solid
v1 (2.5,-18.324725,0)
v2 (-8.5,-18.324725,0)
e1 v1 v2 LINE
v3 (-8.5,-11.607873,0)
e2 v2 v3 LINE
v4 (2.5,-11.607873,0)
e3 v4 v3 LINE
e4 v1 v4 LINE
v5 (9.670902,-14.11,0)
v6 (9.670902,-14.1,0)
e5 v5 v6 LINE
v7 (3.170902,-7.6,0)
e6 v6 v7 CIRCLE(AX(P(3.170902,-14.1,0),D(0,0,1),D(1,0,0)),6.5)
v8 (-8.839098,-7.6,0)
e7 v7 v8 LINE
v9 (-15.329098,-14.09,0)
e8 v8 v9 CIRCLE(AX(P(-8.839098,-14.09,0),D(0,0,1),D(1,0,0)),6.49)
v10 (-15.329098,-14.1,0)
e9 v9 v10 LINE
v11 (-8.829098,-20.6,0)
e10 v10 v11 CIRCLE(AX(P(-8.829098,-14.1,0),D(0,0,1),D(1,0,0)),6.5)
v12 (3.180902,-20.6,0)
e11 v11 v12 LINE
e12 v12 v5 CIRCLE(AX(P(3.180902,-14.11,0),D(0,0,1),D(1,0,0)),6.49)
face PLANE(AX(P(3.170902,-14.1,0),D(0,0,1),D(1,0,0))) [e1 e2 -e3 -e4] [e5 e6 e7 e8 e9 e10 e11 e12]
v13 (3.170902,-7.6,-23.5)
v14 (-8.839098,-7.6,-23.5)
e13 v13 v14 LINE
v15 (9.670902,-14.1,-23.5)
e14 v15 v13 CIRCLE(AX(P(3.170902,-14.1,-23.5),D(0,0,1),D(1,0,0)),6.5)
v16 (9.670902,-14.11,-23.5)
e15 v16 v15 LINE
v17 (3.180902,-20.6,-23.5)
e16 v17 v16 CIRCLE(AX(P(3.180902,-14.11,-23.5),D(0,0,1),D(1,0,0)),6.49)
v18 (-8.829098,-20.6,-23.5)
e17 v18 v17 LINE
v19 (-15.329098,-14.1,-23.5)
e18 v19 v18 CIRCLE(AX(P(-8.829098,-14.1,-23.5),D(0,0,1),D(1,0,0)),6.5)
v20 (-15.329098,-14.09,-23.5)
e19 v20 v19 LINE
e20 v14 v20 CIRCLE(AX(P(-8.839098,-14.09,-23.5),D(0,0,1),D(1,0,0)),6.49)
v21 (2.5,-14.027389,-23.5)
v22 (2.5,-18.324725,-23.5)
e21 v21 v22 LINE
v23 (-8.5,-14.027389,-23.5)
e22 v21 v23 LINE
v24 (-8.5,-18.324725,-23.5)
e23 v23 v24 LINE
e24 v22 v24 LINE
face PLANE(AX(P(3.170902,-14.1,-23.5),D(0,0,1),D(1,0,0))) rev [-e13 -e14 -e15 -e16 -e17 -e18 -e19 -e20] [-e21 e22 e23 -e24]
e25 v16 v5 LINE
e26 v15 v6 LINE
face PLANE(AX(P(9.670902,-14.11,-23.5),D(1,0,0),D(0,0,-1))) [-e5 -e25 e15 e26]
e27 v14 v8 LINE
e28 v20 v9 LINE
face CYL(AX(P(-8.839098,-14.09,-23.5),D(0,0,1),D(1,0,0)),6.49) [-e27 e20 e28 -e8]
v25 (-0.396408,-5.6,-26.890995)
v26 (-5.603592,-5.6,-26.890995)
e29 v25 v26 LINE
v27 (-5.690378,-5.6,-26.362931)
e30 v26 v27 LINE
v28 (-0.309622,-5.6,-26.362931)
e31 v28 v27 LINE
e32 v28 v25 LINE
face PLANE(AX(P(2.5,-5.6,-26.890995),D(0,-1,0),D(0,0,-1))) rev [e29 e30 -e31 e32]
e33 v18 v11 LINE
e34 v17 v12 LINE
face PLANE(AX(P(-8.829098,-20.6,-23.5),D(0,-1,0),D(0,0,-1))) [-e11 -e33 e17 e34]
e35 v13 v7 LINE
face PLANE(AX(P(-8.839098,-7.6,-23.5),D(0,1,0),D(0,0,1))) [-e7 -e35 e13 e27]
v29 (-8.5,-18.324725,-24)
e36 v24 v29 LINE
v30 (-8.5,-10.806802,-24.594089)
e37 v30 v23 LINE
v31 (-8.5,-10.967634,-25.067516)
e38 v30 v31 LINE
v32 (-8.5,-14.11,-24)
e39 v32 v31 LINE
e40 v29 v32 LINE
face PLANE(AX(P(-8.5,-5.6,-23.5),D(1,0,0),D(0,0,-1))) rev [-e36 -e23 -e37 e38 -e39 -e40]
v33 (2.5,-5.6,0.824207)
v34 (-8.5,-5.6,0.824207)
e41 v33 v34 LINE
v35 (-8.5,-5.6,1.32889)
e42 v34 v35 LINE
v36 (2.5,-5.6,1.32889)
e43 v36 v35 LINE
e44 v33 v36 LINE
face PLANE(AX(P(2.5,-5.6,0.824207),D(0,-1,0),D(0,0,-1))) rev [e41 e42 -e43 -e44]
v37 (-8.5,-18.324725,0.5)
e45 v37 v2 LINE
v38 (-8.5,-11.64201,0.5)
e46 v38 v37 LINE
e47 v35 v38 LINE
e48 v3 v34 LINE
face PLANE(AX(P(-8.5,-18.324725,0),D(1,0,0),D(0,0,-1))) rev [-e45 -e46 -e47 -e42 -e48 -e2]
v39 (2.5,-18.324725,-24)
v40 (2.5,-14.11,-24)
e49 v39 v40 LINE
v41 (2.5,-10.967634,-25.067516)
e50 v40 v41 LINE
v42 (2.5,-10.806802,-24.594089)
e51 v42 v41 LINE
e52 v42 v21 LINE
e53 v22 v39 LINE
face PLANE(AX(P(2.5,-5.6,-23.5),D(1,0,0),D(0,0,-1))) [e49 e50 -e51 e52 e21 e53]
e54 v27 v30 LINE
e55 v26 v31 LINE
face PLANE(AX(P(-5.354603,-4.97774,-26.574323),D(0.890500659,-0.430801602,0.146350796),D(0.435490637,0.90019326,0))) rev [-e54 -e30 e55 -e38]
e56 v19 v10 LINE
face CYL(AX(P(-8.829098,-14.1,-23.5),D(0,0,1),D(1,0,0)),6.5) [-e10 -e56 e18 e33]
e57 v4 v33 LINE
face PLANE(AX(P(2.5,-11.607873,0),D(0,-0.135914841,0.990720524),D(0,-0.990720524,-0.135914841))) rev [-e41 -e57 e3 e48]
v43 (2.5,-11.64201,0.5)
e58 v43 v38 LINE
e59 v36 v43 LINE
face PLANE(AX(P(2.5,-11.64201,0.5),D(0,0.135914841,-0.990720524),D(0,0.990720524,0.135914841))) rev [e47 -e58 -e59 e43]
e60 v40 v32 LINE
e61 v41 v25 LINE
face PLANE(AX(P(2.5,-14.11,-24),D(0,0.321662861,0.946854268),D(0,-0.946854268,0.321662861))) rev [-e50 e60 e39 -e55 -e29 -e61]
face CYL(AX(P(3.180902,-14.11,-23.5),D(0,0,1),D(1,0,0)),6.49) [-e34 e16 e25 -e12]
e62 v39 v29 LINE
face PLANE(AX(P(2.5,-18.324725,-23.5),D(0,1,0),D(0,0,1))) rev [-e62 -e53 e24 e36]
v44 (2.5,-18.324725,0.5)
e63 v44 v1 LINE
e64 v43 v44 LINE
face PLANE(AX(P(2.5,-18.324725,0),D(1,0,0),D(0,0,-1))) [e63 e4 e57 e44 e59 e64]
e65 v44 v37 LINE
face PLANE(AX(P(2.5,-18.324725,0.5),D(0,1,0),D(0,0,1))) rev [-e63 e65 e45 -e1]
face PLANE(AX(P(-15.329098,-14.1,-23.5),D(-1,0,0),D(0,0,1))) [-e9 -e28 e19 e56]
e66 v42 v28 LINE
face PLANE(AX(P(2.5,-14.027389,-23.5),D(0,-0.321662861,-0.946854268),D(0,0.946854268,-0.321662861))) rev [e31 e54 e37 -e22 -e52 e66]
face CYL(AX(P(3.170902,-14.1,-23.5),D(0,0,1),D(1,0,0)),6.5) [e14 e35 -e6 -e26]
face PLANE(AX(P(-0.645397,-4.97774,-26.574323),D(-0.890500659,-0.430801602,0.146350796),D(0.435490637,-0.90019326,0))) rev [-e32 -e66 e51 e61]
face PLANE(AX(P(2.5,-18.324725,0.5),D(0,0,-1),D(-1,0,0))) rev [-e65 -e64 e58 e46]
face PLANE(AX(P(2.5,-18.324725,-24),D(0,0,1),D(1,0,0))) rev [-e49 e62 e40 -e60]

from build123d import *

# Parameters (mm, degrees)
EXTRUSION1_DEPTH        = 23.5
EXTRUSION2_DEPTH        = 5.5
EXTRUSION3_DEPTH        = 5.5
ENL_V_MAT_EXTRU_1_DEPTH = 0.5


with BuildPart() as part:
    # Esquisse1 → Extrusion1 (new body)
    with BuildSketch(Plane.XY):
        with BuildLine():
            Line((-8.839098079, -7.6), (3.170901921, -7.6))
            ThreePointArc((3.170901921, -7.6), (7.767095998, -9.503805922), (9.670901921, -14.1))
            Line((9.670901921, -14.1), (9.670901921, -14.11))
            ThreePointArc((9.670901921, -14.11), (7.770024931, -18.69912301), (3.180901921, -20.6))
            Line((3.180901921, -20.6), (-8.829098079, -20.6))
            ThreePointArc((-8.829098079, -20.6), (-13.425292157, -18.696194078), (-15.329098079, -14.1))
            Line((-15.329098079, -14.1), (-15.329098079, -14.09))
            ThreePointArc((-15.329098079, -14.09), (-13.428221089, -9.50087699), (-8.839098079, -7.6))
        make_face()
    extrude(amount=-EXTRUSION1_DEPTH)

    # Esquisse2 → Extrusion2 (add, symmetric)
    with BuildSketch(Plane(origin=(-3, 0, 0), x_dir=(0, 0, -1), z_dir=(1, 0, 0))):
        Polygon((0, -18.324724565), (0, -11.607872713), (-0.824207274, -5.6), (-1.328890469, -5.6), (-0.5, -11.64200981), (-0.5, -18.324724565), align=None)
    extrude(amount=EXTRUSION2_DEPTH, both=True)

    # Esquisse3 → Extrusion3 (add, symmetric)
    with BuildSketch(Plane(origin=(-3, 0, 0), x_dir=(0, 0, -1), z_dir=(1, 0, 0))):
        Polygon((23.5, -18.324724565), (24, -18.324724565), (24, -14.11), (26.890994991, -5.6), (26.362930623, -5.6), (23.5, -14.027389076), align=None)
    extrude(amount=EXTRUSION3_DEPTH, both=True)

    # Esquisse4 → Enlèv. mat.-Extru.1 (cut)
    with BuildSketch(Plane(origin=(0, -8.769547771, -25.814244494), x_dir=(-1, 0, 0), z_dir=(0, -0.32166286073299966, -0.9468542675750388))):
        Polygon((0.645397002, 3.83477814), (-2.5, -2.321461893), (-3.257578705, -2.321461893), (-3.257578705, 4.719989125), (9.257578705, 4.719989125), (9.257578705, -2.321461893), (8.5, -2.321461893), (5.354602998, 3.83477814), align=None)
    extrude(amount=-ENL_V_MAT_EXTRU_1_DEPTH, mode=Mode.SUBTRACT)


solid = part.part
